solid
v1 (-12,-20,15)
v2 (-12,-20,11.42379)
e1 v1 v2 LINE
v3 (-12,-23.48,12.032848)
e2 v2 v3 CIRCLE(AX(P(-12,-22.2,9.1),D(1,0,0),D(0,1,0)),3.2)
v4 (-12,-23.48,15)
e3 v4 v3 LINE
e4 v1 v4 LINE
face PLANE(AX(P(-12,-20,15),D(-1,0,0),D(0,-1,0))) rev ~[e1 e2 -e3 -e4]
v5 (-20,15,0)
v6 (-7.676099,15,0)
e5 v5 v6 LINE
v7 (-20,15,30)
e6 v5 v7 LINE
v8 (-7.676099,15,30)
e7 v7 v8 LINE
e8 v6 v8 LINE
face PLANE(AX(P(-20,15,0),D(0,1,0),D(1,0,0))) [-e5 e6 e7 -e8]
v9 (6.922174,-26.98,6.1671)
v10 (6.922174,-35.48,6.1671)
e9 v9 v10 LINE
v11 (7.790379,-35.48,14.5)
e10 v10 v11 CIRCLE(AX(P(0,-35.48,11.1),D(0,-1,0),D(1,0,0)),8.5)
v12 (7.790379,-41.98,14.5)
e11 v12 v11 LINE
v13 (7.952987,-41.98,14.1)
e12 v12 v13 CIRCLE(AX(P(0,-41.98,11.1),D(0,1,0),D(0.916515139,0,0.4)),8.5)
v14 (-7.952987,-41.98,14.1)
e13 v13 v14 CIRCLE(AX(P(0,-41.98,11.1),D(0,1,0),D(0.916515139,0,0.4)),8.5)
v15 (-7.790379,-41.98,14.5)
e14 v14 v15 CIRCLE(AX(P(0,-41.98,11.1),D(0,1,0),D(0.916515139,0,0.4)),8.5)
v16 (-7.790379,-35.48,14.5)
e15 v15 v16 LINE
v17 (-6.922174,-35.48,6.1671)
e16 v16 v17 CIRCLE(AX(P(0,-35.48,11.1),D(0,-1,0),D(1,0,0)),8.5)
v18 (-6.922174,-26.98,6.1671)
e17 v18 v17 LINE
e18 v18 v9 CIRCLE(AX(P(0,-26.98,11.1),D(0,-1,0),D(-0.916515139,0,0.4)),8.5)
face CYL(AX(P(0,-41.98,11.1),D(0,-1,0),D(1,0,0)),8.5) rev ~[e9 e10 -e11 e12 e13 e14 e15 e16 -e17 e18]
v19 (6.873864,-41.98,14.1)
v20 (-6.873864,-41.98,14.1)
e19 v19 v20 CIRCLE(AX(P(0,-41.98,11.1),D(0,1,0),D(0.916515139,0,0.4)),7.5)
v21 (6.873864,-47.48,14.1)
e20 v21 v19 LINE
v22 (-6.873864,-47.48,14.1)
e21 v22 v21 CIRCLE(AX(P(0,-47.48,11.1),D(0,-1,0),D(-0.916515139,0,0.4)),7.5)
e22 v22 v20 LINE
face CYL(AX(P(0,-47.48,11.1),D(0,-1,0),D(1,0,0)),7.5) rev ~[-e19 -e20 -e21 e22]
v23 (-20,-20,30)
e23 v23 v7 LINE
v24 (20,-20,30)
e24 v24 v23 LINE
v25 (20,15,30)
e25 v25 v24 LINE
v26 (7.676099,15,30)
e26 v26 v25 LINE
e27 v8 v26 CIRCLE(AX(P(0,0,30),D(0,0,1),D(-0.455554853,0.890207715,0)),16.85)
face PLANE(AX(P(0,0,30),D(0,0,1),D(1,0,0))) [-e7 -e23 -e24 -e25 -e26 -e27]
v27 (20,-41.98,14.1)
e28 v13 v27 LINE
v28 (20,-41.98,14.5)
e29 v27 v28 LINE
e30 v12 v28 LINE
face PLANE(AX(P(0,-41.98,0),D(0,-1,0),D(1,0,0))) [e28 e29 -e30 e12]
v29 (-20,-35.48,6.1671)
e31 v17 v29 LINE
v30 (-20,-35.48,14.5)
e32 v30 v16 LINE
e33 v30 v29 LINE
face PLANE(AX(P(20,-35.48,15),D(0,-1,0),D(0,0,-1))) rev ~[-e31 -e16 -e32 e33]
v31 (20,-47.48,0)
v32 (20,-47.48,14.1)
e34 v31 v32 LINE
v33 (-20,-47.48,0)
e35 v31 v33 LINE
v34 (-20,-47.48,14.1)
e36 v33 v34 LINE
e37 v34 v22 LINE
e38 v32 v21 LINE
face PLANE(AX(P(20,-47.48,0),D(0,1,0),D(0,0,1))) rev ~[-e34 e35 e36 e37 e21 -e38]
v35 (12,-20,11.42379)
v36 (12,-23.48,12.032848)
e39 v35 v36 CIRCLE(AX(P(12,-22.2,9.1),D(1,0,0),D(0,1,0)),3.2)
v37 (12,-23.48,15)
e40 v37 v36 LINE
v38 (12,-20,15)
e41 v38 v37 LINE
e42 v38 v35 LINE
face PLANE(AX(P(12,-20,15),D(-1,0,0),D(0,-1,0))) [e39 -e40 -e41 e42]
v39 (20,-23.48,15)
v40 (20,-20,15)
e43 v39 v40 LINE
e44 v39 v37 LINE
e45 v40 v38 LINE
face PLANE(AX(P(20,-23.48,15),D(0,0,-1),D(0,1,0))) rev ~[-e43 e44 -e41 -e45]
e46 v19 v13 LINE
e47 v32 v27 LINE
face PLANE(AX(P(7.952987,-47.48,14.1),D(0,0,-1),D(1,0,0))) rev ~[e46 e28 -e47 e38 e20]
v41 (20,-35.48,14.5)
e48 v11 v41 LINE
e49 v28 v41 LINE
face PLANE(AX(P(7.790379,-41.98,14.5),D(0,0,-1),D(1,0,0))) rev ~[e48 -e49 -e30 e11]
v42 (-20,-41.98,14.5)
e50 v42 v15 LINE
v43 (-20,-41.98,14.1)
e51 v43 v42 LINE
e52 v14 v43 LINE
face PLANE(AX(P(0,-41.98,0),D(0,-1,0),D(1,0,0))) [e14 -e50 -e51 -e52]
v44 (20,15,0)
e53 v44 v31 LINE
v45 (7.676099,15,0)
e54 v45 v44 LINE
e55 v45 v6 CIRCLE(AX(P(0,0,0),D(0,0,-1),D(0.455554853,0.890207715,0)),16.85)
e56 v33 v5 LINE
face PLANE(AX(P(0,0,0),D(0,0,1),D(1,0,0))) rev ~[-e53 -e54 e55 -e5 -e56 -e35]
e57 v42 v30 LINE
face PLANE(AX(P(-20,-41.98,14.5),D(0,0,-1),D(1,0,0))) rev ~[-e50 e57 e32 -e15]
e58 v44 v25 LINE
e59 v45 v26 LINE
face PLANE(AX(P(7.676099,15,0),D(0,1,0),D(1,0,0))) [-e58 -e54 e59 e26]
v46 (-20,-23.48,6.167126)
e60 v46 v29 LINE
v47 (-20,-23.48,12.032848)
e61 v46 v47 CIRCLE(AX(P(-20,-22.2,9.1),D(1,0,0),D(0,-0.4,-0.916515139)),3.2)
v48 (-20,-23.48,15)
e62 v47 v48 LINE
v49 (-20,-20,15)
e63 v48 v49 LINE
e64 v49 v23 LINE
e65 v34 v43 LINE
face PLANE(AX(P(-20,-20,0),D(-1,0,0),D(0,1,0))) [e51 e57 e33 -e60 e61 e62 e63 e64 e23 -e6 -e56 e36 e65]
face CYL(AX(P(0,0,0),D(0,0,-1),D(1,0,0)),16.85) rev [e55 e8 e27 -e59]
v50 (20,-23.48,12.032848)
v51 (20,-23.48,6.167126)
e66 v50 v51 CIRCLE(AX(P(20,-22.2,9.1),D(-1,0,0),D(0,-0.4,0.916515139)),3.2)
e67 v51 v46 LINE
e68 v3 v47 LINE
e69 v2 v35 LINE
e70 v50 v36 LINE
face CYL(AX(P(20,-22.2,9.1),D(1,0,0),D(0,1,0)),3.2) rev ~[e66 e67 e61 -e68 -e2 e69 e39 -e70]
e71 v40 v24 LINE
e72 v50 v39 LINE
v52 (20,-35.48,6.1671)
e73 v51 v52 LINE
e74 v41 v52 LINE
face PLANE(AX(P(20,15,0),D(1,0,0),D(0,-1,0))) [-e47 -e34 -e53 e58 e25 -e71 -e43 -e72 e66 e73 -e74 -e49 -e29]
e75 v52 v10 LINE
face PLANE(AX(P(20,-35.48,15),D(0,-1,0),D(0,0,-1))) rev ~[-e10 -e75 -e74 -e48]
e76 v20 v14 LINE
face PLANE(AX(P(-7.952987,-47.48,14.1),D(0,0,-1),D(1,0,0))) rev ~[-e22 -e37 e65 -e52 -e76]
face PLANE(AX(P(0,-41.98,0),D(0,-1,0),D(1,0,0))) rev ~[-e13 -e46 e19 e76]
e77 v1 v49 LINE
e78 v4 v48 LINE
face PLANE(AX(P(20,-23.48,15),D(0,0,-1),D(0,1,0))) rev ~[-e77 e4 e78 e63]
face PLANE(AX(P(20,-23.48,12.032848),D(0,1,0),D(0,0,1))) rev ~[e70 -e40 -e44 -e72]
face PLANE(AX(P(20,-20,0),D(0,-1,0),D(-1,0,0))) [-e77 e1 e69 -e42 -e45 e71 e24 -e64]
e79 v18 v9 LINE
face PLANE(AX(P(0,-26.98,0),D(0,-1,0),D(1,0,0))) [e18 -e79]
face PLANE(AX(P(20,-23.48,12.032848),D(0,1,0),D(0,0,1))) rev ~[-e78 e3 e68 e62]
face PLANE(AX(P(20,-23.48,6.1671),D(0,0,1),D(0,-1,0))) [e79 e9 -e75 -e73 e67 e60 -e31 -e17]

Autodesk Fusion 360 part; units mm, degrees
sketch "Main Body" plane through (0, 0, 0) normal (0, 0, 1) x (1, 0, 0)
  circle A0 centre (0, 0) radius 16.85
  line L0 (-20, 20) -> (20, 20)
  line L1 (20, 20) -> (20, -20)
  line L2 (20, -20) -> (-20, -20)
  line L3 (-20, -20) -> (-20, 20)
  line L4 (-20, 15) -> (20, 15)
  point P0 (-20, 0)
  point P1 (0, 20)
  dimension "d1" = 33.7
  dimension "d2" = 40
  dimension "d3" = 15
extrude "Extrude1" add sketch "Main Body" along normal blind 30 contours A0 L1 L2 L3 L4
sketch "Antenna Holder" plane through (20, 0, 0) normal (1, 0, 0) x (0, 1, 0)
  line L0 (-20, 0) -> (15, 0)
  line L1 (15, 0) -> (15, 30)
  line L2 (15, 30) -> (-20, 30)
  line L3 (-20, 30) -> (-20, 0)
  circle A0 centre (-22.2, 9.1) radius 3.2
  line L4 (-23.48, 15) -> (-20, 15)
  line L5 (-20, 15) -> (-20, 0)
  line L6 (-20, 0) -> (-23.48, 0)
  line L7 (-23.48, 0) -> (-23.48, 15)
  point P0 (-23.48, 6.1672)
  dimension "d6" = 6.4
  dimension "d7" = 22.2
  dimension "d8" = 20.9
  dimension "d9" = 1.28
extrude "Extrude2" add sketch "Antenna Holder" against normal blind 40 contours L3 A0 L5 L6 L7 | L3 A0 L5 | L3 A0 L4 L5 L7
extrude "Extrude3" cut sketch "Antenna Holder" against normal blind 40 contours L3 A0 L5
sketch "Coax_Connector_holder" plane through (20, -21.74, 3.3881) normal (1, 0, 0) x (0, 1, 0)
  line L0 (-1.74, 2.779) -> (-13.74, 2.779)
  line L1 (-13.74, 2.779) -> (-13.74, -3.3881)
  line L2 (-13.74, -3.3881) -> (-1.74, -3.3881)
  line L3 (-1.74, -3.3881) -> (-1.74, 2.779)
  line L4 (1.74, -3.3881) -> (36.74, -3.3881)
  line L5 (-1.74, -3.3881) -> (-1.74, 11.6119)
  line L6 (-13.74, -3.3881) -> (-25.74, -3.3881)
  line L7 (-25.74, -3.3881) -> (-25.74, 11.6119)
  line L8 (-25.74, 11.6119) -> (-13.74, 11.6119)
  line L9 (-13.74, 11.6119) -> (-13.74, -3.3881)
  line L10 (-1.74, 11.6119) -> (1.74, 11.6119)
  point P0 (-1.74, 2.779)
  point P1 (-0.46, 5.7119)
  dimension "d15" = 12
  dimension "d16" = 12
extrude "Extrude4" add sketch "Coax_Connector_holder" against normal blind 40
sketch "Connector_Hole" plane through (0, -47.48, 0) normal (0, -1, 0) x (1, 0, 0)
  line L0 (20, 0) -> (20, 15)
  line L1 (20, 15) -> (-20, 15)
  line L2 (-20, 15) -> (-20, 0)
  line L3 (-20, 0) -> (20, 0)
  circle A0 centre (0, 11.1) radius 7.5
  circle A1 centre (0, 11.1) radius 8.5
  line L4 (-20, 30) -> (20, 30)
  line L5 (-20, 14.1) -> (20, 14.1)
  line L6 (-20, 14.5) -> (20, 14.5)
  dimension "d19" = 17
  dimension "d20" = 15
  dimension "d21" = 18.9
  dimension "d22" = 3
  dimension "d23" = 3.4
extrude "Extrude5" cut sketch "Connector_Hole" against normal blind 5.5 contours L0 A1 L5 L6 | L0 L1 A1 L6 | A0 A1 L5 L6 | L2 A1 L5 L6 | L1 A0 A1 L6 | A0 L5 L6 | A0 L5 | L1 L2 A1 L6 | A0 A1 L5 L6 | L1 A0 L6 | L1 A0 A1 L6
extrude "Extrude6" cut sketch "Connector_Hole" against normal blind 15 from surface at -5.5 contours L0 L1 A1 L6 | A0 A1 L5 L6 | A0 A1 L5 | L1 A0 A1 L6 | A0 L5 L6 | A0 L5 | L1 L2 A1 L6 | A0 A1 L5 L6 | L1 A0 L6 | L1 A0 A1 L6
sketch "Sketch5" plane through (0, 0, 15) normal (0, 0, 1) x (-1, 0, 0)
  line L0 (-20, 23.48) -> (-20, 20)
  line L1 (-20, 20) -> (20, 20)
  line L2 (20, 20) -> (20, 23.48)
  line L3 (20, 23.48) -> (-20, 23.48)
  line L4 (12, 20) -> (12, 23.48)
  line L5 (-12, 20) -> (-12, 23.48)
  dimension "d29" = 8
  dimension "d30" = 8
extrude "Extrude7" cut sketch "Sketch5" against normal blind 5 contours L1 L3 L4 L5
equation "d7 = 19 mm + 3.2 mm"
equation "d9 = d6 / 5"
equation "d10 = -d2"
equation "d12 = -d2"
equation "d17 = -d2"
equation "d21 = d8 - 2 mm"
equation "d22 = d20 / 5"
equation "d23 = d19 / 5"
